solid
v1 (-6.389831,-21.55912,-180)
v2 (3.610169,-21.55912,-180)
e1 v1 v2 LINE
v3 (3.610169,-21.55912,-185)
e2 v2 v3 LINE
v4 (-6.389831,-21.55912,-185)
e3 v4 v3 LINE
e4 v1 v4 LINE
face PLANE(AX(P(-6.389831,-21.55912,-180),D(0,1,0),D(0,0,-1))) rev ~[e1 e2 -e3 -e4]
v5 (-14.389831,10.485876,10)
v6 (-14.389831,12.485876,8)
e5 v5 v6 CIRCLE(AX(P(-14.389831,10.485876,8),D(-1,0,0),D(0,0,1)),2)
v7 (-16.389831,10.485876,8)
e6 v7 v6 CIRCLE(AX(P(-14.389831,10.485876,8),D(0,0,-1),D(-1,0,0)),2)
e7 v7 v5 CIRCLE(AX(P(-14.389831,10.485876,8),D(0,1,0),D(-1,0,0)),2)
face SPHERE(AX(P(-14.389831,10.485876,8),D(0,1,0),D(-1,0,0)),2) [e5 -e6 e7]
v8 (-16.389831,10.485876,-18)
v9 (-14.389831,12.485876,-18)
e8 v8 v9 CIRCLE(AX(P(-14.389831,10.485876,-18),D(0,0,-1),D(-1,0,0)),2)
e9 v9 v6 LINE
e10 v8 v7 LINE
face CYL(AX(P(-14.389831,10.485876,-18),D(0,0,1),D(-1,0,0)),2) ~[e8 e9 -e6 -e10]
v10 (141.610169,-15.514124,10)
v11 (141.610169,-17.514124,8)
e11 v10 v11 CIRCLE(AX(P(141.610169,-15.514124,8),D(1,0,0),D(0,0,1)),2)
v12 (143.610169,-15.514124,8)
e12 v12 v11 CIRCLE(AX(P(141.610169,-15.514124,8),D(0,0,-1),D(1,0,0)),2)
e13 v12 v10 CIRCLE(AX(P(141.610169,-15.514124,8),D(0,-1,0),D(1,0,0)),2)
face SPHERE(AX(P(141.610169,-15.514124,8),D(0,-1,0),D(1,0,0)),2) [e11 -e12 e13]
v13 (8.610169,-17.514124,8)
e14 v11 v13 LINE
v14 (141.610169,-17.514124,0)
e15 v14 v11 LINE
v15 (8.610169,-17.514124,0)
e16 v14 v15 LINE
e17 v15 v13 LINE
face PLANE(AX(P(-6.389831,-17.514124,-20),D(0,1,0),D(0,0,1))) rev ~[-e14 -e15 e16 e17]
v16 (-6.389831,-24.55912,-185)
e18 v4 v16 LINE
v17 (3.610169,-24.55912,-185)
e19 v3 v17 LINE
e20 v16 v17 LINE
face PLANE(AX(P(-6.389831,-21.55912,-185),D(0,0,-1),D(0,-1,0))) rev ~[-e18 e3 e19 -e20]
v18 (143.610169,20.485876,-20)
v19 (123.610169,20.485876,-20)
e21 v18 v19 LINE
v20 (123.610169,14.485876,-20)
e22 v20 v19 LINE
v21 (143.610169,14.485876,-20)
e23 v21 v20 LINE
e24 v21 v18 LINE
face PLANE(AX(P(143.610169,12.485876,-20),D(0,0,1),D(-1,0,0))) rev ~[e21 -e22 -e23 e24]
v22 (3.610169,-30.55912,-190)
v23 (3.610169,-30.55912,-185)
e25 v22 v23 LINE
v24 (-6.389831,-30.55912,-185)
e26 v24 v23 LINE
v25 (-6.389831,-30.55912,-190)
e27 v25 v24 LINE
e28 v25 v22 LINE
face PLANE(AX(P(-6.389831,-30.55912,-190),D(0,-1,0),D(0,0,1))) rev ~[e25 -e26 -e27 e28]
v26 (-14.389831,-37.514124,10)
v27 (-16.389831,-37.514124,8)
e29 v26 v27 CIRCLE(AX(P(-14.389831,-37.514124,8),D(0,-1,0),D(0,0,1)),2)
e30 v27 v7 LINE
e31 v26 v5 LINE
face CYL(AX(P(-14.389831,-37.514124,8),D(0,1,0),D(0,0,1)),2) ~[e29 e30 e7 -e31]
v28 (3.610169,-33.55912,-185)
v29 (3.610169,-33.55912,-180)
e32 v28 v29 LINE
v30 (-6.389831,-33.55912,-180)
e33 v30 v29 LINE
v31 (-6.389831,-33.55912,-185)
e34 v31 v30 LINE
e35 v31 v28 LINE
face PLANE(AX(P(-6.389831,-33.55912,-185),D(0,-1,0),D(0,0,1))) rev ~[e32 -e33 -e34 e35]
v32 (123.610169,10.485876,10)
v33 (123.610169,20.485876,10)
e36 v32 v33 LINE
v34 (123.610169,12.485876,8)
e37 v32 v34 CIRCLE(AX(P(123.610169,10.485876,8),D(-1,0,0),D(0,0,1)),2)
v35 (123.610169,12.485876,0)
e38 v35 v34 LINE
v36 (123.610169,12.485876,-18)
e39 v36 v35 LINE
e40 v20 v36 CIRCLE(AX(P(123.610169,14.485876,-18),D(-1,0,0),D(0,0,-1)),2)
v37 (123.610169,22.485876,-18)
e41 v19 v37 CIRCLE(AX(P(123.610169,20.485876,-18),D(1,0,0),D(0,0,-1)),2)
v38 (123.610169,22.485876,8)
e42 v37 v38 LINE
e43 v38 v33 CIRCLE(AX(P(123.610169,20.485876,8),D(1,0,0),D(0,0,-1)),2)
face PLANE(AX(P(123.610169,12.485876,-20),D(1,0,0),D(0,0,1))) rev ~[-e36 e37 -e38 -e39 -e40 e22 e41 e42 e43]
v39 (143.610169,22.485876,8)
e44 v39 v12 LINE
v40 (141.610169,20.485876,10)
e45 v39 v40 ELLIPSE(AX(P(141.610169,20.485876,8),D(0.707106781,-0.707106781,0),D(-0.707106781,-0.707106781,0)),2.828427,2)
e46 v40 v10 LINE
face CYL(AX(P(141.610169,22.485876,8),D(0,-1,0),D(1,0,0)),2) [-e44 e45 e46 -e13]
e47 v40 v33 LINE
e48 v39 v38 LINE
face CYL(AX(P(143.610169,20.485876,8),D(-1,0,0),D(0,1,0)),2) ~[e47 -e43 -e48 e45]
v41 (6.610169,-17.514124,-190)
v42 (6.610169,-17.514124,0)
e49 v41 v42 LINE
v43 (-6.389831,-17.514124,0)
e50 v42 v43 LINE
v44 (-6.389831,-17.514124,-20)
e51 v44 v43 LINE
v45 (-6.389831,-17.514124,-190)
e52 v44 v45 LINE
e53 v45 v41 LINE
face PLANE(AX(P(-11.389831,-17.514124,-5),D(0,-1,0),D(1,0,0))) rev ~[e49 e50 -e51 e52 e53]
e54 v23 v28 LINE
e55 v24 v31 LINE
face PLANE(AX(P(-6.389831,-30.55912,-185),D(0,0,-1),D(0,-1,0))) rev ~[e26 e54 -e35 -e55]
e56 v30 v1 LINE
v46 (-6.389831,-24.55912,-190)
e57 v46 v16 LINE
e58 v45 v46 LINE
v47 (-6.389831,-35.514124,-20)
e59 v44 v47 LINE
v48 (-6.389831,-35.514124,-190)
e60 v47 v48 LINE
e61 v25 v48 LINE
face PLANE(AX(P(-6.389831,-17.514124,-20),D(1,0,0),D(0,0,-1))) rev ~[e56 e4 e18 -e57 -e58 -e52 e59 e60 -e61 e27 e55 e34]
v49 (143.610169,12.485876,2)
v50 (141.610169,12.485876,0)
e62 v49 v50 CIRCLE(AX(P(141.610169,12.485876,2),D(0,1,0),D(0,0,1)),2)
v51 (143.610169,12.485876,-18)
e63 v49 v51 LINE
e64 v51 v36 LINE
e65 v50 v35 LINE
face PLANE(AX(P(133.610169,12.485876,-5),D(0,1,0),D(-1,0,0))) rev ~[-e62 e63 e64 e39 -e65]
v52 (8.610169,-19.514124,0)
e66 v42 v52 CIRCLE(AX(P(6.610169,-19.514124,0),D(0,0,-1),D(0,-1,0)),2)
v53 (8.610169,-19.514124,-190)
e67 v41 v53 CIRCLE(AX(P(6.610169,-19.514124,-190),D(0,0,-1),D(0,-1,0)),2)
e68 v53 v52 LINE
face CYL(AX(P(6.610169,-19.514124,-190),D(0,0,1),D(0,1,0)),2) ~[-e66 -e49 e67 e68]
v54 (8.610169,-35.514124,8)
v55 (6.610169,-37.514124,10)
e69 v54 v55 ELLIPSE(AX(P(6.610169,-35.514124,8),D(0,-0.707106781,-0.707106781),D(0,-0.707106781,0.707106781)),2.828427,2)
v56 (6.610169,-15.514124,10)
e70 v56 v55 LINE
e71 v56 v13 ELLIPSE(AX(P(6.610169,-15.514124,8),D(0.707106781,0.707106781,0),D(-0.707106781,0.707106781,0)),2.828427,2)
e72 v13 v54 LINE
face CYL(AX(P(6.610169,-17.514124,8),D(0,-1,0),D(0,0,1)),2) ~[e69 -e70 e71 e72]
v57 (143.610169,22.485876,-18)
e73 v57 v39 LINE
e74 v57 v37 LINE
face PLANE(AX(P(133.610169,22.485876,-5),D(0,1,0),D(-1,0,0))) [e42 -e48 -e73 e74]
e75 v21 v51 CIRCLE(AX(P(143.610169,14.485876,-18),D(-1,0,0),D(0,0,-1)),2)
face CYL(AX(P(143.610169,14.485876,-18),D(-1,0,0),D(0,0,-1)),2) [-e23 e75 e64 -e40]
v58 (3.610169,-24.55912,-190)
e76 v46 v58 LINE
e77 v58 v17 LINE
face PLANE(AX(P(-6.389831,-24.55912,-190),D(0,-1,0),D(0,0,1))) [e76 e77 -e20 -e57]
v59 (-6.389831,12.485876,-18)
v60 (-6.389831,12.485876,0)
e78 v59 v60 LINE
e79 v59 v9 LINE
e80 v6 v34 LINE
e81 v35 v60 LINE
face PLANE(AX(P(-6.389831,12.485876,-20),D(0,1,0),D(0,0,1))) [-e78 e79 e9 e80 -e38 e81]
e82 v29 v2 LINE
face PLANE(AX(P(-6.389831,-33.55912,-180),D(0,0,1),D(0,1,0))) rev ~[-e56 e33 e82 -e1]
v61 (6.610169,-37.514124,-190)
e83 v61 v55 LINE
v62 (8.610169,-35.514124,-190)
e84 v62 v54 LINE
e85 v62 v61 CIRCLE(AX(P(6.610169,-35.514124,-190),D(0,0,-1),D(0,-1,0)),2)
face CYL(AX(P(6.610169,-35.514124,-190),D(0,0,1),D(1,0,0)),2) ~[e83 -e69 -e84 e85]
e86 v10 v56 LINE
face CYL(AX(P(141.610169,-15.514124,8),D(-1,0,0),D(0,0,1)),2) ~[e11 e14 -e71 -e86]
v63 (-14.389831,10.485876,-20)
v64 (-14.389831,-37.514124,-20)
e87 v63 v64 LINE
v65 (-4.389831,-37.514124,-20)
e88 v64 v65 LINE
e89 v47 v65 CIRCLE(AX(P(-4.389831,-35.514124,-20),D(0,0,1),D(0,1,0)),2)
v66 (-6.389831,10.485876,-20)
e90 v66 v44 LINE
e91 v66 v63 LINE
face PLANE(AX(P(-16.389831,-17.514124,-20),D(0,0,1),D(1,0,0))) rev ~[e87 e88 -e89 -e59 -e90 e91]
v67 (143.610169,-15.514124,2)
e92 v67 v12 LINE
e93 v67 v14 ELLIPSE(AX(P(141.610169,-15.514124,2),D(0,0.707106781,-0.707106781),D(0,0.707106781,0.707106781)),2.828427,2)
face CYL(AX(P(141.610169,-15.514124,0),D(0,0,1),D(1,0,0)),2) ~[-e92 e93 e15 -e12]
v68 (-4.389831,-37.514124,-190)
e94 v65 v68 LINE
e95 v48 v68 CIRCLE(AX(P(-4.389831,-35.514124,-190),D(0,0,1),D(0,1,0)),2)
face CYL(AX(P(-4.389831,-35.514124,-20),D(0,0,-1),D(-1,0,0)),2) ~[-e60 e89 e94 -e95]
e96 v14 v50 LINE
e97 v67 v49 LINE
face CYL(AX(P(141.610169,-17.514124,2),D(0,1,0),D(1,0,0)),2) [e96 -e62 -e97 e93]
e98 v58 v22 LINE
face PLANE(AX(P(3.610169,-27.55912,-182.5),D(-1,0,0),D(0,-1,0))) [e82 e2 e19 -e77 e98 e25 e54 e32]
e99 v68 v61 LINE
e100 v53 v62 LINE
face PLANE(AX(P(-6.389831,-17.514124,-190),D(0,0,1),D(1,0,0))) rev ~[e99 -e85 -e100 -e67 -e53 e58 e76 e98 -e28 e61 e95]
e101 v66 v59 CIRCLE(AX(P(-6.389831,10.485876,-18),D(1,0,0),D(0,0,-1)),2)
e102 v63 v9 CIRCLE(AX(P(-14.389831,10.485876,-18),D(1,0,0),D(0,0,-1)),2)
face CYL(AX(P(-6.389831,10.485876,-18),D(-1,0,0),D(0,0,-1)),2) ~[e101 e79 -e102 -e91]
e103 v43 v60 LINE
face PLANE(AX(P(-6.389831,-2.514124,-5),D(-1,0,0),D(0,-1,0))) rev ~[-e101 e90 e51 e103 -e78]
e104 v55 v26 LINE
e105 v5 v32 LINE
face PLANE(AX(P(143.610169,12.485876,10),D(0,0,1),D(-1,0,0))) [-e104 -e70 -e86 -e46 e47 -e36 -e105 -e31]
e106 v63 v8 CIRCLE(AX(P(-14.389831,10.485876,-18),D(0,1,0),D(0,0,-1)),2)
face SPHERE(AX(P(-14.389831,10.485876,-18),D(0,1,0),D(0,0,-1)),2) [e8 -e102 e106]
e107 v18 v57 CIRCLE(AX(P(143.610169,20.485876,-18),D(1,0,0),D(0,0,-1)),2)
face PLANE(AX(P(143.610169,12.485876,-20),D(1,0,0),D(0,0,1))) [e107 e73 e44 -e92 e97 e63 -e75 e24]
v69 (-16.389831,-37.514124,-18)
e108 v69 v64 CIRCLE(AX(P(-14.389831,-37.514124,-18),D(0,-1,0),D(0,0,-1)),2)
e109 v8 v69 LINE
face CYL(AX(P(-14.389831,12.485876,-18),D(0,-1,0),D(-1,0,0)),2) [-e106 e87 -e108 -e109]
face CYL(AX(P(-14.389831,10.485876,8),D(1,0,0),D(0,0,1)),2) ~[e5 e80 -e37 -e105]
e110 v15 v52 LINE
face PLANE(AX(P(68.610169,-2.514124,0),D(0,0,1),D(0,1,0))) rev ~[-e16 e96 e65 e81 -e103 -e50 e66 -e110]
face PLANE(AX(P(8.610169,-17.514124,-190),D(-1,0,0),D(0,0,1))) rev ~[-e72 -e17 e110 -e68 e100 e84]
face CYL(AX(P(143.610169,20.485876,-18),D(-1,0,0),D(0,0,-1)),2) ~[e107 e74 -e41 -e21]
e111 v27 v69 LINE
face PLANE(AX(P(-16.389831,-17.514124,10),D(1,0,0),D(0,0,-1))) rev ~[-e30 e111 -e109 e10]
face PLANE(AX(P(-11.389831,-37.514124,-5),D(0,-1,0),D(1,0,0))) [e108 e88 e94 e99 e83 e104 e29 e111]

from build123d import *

# Parameters (mm, degrees)
LONG_LEG_W             = 30
LONG_LEG_H             = 150
LONG_LEG_EXTRUDE_DEPTH = 10
SKETCH2_W              = 30
SKETCH2_H              = 30
BOSS_EXTRUDE2_DEPTH    = 10
SKETCH6_W              = 15
SKETCH6_H              = 10
LONG_LEG_DOWN_DEPTH    = 20
SKETCH12_W             = 20
SKETCH12_H             = 30
BOSS_EXTRUDE8_DEPTH    = 10
SKETCH13_W             = 6
SKETCH13_H             = 5
CUT_EXTRUDE2_DEPTH     = 10
FILLET1_R              = 2
FILLET2_R              = 2
FILLET3_R              = 2
FILLET4_R              = 2


with BuildPart() as part:
    # long-leg → long_leg_extrude (new body)
    with BuildSketch(Plane(origin=(0, 0, 0), x_dir=(0, 1, 0), z_dir=(0, 0, 1))):
        with Locations((-2.514124294, -68.610169492)):
            Rectangle(LONG_LEG_W, LONG_LEG_H)
    extrude(amount=LONG_LEG_EXTRUDE_DEPTH)

    # Sketch2 → Boss-Extrude2 (add)
    with BuildSketch(Plane(origin=(-6.389830508, 0, 0), x_dir=(0, -1, 0), z_dir=(-1, 0, 0))):
        with Locations((2.514124294, -5)):
            Rectangle(SKETCH2_W, SKETCH2_H)
    extrude(amount=BOSS_EXTRUDE2_DEPTH)

    # Sketch6 → long leg down (add)
    with BuildSketch(Plane.XZ.offset(17.514124294)):
        Polygon((-6.389830508, 0), (-6.389830508, 10), (-16.389830508, 10), (-16.389830508, -20), (-6.389830508, -20), align=None)
        Polygon((8.610169492, 0), (-6.389830508, 0), (-6.389830508, -20), (-6.389830508, -190), (8.610169492, -190), align=None)
        with Locations((1.110169492, 5)):
            Rectangle(SKETCH6_W, SKETCH6_H)
    extrude(amount=LONG_LEG_DOWN_DEPTH)

    # Sketch12 → Boss-Extrude8 (add)
    with BuildSketch(Plane(origin=(0, 12.485875706, 0), x_dir=(-1, 0, 0), z_dir=(0, 1, 0))):
        with Locations((-133.610169492, -5)):
            Rectangle(SKETCH12_W, SKETCH12_H)
    extrude(amount=BOSS_EXTRUDE8_DEPTH)

    # Sketch13 → Cut-Extrude2 (cut)
    with BuildSketch(Plane(origin=(-6.389830508, 0, 0), x_dir=(0, -1, 0), z_dir=(-1, 0, 0))):
        Polygon((24.559120017, -185), (30.559120017, -185), (33.559120017, -185), (33.559120017, -180), (21.559120017, -180), (21.559120017, -185), align=None)
        with Locations((27.559120017, -187.5)):
            Rectangle(SKETCH13_W, SKETCH13_H)
    extrude(amount=-CUT_EXTRUDE2_DEPTH, mode=Mode.SUBTRACT)

    # Fillet1
    fillet1_edges = [part.edges().sort_by_distance(p)[0] for p in [
        (133.610169492, 12.485875706, -20),
        (133.610169492, 22.485875706, -20),
        (133.610169492, 22.485875706, 10),
        (143.610169492, 2.485875706, 10),
        (-16.389830508, -12.514124294, 10),
        (-16.389830508, -12.514124294, -20),
    ]]
    fillet(fillet1_edges, radius=FILLET1_R)

    # Fillet2
    fillet2_edges = [part.edges().sort_by_distance(p)[0] for p in [
        (143.610169492, -17.514124294, 4),
        (143.024383054, -17.514124294, 9.414213562),
        (75.110169492, -17.514124294, 10),
        (8.610169492, -37.514124294, -90),
        (8.610169492, -27.514124294, 10),
        (-6.389830508, -37.514124294, -105),
        (143.610169492, -2.514124294, 0),
    ]]
    fillet(fillet2_edges, radius=FILLET2_R)

    # Fillet3
    fillet3_edges = [part.edges().sort_by_distance(p)[0] for p in [
        (8.610169492, -17.514124294, -95),
    ]]
    fillet(fillet3_edges, radius=FILLET3_R)

    # Fillet4
    fillet4_edges = [part.edges().sort_by_distance(p)[0] for p in [
        (-16.389830508, 12.485875706, -5),
        (-10.389830508, 12.485875706, -20),
        (-15.804044071, 12.485875706, -19.414213562),
        (-15.804044071, 12.485875706, 9.414213562),
        (54.610169492, 12.485875706, 10),
    ]]
    fillet(fillet4_edges, radius=FILLET4_R)


solid = part.part
